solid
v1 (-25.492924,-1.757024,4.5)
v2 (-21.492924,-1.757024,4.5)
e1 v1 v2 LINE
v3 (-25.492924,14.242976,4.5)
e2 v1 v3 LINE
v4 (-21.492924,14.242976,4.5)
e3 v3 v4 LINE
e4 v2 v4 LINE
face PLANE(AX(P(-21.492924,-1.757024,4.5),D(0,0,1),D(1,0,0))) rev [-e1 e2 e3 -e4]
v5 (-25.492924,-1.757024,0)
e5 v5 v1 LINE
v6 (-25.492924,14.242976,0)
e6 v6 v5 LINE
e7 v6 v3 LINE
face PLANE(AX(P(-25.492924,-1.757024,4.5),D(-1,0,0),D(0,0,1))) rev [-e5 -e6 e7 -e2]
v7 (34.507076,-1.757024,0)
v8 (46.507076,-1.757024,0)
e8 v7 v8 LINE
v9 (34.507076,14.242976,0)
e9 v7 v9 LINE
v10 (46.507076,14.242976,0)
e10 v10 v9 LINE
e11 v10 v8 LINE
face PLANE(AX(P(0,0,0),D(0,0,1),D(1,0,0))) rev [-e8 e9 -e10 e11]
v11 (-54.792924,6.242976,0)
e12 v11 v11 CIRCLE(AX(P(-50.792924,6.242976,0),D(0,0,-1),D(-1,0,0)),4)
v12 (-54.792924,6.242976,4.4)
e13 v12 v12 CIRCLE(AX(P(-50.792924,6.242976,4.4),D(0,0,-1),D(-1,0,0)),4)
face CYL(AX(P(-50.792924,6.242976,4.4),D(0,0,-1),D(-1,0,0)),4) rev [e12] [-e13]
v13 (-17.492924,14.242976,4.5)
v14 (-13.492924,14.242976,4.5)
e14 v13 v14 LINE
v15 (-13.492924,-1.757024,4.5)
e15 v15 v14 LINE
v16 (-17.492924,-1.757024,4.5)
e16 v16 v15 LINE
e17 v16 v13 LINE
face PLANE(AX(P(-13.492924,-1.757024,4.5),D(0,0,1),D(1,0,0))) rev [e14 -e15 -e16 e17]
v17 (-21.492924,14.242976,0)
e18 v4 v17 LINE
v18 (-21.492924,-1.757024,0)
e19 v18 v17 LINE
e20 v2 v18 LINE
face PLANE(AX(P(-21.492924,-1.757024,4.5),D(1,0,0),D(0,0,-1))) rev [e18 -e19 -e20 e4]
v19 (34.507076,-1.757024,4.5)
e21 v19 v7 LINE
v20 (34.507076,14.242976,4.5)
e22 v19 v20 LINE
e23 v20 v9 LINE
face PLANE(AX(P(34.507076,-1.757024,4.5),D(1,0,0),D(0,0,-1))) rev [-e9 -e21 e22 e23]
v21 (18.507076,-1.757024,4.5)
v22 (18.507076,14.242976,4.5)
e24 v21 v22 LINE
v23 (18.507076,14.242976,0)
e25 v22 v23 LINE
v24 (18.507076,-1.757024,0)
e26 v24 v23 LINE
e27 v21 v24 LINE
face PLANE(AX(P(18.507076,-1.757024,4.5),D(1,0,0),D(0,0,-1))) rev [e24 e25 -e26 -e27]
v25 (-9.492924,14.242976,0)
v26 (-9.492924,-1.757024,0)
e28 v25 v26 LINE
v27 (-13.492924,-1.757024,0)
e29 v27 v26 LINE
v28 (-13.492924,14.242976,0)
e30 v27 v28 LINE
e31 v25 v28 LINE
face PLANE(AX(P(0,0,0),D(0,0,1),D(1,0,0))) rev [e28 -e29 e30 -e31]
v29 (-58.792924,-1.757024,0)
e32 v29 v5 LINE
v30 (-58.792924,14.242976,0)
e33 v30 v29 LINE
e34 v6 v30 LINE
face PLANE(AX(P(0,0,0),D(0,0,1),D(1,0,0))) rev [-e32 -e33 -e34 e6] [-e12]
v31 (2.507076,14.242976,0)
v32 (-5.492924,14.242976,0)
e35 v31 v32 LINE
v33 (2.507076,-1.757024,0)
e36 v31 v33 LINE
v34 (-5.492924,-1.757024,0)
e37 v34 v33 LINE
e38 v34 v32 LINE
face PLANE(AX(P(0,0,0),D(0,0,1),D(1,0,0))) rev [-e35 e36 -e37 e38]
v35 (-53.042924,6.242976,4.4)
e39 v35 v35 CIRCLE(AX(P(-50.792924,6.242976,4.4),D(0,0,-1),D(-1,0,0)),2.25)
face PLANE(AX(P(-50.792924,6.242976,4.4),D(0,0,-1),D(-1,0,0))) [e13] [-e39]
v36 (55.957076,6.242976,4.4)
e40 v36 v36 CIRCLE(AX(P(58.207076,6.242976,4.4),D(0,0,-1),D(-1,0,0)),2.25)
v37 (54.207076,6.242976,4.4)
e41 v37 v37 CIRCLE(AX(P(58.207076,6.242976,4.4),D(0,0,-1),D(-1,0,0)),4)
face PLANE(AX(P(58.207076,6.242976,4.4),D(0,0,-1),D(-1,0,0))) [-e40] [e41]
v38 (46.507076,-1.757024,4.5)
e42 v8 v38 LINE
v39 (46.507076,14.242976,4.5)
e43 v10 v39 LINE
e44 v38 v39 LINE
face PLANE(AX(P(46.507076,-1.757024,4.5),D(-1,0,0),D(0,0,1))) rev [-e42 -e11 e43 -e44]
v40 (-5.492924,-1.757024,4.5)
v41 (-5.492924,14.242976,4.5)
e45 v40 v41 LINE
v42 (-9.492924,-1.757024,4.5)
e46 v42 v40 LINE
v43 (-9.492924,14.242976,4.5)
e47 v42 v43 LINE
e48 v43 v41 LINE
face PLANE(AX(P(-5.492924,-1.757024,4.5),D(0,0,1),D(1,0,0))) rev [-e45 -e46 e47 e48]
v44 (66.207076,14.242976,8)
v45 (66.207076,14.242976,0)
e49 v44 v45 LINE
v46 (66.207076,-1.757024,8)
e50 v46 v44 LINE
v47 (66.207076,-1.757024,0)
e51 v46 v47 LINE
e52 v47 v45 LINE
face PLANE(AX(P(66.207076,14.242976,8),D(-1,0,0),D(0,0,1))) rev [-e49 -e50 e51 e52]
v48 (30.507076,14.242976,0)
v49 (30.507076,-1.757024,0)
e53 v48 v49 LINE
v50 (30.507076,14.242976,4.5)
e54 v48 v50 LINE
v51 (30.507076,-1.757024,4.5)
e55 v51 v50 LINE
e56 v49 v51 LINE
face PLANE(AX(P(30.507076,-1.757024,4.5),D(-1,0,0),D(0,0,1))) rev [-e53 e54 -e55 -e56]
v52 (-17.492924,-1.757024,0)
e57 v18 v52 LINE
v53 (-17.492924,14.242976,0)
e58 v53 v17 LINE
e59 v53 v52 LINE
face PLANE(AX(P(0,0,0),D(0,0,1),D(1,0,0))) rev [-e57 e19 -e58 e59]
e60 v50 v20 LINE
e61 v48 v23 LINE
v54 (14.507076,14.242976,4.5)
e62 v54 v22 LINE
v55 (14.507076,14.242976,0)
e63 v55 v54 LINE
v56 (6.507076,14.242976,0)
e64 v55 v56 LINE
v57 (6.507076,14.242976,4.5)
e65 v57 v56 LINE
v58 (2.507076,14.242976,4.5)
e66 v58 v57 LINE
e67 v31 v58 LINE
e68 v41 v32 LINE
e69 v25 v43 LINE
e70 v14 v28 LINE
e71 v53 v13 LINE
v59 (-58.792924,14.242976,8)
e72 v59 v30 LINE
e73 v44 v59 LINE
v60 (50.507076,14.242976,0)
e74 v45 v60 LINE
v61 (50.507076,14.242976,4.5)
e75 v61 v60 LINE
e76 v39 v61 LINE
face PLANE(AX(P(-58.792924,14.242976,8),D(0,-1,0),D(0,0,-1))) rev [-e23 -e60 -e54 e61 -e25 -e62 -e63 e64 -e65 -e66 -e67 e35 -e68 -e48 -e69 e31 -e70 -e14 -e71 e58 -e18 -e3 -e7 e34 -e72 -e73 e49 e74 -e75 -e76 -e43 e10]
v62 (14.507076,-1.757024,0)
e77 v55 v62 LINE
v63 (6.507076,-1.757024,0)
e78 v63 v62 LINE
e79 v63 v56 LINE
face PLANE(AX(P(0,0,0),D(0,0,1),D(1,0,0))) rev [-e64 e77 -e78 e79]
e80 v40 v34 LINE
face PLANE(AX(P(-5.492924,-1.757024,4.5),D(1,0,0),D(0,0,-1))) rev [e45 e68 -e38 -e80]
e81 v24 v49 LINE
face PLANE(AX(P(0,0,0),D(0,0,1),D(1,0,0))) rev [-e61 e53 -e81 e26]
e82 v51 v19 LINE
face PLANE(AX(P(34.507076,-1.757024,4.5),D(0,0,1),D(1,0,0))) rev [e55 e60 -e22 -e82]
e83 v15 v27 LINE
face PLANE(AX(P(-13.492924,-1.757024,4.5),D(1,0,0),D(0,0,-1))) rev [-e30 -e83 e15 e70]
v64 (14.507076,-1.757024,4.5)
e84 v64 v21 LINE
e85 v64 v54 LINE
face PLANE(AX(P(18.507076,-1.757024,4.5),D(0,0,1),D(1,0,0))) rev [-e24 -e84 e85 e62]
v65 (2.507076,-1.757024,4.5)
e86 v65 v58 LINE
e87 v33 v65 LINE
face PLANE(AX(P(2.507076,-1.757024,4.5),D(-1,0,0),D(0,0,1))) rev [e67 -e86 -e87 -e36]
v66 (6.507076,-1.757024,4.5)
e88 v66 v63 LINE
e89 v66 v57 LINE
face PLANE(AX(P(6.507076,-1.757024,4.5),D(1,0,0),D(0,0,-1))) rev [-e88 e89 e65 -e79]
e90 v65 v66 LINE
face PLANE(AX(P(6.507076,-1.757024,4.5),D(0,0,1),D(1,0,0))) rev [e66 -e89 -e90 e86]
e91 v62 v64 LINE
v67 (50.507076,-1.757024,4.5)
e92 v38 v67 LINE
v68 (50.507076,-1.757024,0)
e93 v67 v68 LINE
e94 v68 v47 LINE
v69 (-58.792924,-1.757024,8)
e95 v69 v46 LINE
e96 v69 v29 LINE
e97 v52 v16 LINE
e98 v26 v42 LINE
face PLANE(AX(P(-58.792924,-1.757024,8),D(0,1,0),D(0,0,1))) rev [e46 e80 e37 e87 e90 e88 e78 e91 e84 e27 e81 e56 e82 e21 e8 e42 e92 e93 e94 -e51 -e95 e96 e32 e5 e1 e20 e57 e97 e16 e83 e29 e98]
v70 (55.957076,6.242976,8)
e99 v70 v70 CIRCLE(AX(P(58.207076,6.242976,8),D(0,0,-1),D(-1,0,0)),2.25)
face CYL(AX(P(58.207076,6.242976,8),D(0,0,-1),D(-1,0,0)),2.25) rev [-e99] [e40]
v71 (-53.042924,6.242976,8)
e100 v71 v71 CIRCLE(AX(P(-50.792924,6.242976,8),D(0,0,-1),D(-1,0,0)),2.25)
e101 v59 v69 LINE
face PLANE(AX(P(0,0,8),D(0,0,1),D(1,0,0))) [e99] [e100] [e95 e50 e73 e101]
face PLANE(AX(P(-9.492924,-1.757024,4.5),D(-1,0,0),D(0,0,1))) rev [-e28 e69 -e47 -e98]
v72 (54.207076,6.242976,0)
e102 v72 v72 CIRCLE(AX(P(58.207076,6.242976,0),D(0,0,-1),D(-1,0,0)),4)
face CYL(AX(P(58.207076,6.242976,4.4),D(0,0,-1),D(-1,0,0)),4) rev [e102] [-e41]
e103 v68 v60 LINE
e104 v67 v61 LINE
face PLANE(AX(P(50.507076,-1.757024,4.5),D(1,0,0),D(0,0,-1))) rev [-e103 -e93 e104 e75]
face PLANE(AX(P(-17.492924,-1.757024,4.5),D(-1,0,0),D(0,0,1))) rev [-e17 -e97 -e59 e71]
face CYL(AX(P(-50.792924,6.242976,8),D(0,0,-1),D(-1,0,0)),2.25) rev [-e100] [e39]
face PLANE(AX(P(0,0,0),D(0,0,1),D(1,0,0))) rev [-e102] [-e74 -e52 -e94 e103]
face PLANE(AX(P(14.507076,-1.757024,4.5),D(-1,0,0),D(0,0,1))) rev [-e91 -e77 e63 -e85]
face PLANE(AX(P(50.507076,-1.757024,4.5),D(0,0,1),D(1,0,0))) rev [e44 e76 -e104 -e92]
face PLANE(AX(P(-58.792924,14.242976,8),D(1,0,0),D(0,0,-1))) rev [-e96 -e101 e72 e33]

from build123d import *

# Parameters (mm, degrees)
SKETCH2_W           = 125
SKETCH2_H           = 16
BOSS_EXTRUDE1_DEPTH = 8
SKETCH3_W           = 4
SKETCH3_H           = 6.863597229
SKETCH3_H_2         = 10.419332053
CUT_EXTRUDE1_DEPTH  = 17
SKETCH4_R           = 4
CUT_EXTRUDE2_DEPTH  = 4.4
SKETCH5_R           = 2.25
CUT_EXTRUDE3_DEPTH  = 4.6


with BuildPart() as part:
    # Sketch2 → Boss-Extrude1 (new body)
    with BuildSketch(Plane.XY):
        with Locations((3.707075963, 6.242976067)):
            Rectangle(SKETCH2_W, SKETCH2_H)
    extrude(amount=BOSS_EXTRUDE1_DEPTH)

    # Sketch3 → Cut-Extrude1 (cut, through all)
    with BuildSketch(Plane(origin=(0, 14.242976067, 0), x_dir=(1, 0, 0), z_dir=(0, 1, 0))):
        with Locations((48.507075963, -1.068201385)):
            Rectangle(SKETCH3_W, SKETCH3_H)
        with Locations((32.507075963, 0.709666027)):
            Rectangle(SKETCH3_W, SKETCH3_H_2)
        with Locations((16.507075963, 0.709666027)):
            Rectangle(SKETCH3_W, SKETCH3_H_2)
        with Locations((4.507075963, 0.709666027)):
            Rectangle(SKETCH3_W, SKETCH3_H_2)
        with Locations((-7.492924037, 0.709666027)):
            Rectangle(SKETCH3_W, SKETCH3_H_2)
        with Locations((-15.492924037, 0.709666027)):
            Rectangle(SKETCH3_W, SKETCH3_H_2)
        with Locations((-23.492924037, 0.709666027)):
            Rectangle(SKETCH3_W, SKETCH3_H_2)
    extrude(amount=-CUT_EXTRUDE1_DEPTH, mode=Mode.SUBTRACT)

    # Sketch4 → Cut-Extrude2 (cut)
    with BuildSketch(Plane(origin=(0, 0, 0), x_dir=(-1, 0, 0), z_dir=(0, 0, -1))):
        with Locations((50.792924037, 6.242976067)):
            Circle(SKETCH4_R)
        with Locations((-58.207075963, 6.242976067)):
            Circle(SKETCH4_R)
    extrude(amount=-CUT_EXTRUDE2_DEPTH, mode=Mode.SUBTRACT)

    # Sketch5 → Cut-Extrude3 (cut, through all)
    with BuildSketch(Plane(origin=(0, 0, 4.4), x_dir=(-1, 0, 0), z_dir=(0, 0, -1))):
        with Locations((50.792924037, 6.242976067)):
            Circle(SKETCH5_R)
        with Locations((-58.207075963, 6.242976067)):
            Circle(SKETCH5_R)
    extrude(amount=-CUT_EXTRUDE3_DEPTH, mode=Mode.SUBTRACT)


solid = part.part
